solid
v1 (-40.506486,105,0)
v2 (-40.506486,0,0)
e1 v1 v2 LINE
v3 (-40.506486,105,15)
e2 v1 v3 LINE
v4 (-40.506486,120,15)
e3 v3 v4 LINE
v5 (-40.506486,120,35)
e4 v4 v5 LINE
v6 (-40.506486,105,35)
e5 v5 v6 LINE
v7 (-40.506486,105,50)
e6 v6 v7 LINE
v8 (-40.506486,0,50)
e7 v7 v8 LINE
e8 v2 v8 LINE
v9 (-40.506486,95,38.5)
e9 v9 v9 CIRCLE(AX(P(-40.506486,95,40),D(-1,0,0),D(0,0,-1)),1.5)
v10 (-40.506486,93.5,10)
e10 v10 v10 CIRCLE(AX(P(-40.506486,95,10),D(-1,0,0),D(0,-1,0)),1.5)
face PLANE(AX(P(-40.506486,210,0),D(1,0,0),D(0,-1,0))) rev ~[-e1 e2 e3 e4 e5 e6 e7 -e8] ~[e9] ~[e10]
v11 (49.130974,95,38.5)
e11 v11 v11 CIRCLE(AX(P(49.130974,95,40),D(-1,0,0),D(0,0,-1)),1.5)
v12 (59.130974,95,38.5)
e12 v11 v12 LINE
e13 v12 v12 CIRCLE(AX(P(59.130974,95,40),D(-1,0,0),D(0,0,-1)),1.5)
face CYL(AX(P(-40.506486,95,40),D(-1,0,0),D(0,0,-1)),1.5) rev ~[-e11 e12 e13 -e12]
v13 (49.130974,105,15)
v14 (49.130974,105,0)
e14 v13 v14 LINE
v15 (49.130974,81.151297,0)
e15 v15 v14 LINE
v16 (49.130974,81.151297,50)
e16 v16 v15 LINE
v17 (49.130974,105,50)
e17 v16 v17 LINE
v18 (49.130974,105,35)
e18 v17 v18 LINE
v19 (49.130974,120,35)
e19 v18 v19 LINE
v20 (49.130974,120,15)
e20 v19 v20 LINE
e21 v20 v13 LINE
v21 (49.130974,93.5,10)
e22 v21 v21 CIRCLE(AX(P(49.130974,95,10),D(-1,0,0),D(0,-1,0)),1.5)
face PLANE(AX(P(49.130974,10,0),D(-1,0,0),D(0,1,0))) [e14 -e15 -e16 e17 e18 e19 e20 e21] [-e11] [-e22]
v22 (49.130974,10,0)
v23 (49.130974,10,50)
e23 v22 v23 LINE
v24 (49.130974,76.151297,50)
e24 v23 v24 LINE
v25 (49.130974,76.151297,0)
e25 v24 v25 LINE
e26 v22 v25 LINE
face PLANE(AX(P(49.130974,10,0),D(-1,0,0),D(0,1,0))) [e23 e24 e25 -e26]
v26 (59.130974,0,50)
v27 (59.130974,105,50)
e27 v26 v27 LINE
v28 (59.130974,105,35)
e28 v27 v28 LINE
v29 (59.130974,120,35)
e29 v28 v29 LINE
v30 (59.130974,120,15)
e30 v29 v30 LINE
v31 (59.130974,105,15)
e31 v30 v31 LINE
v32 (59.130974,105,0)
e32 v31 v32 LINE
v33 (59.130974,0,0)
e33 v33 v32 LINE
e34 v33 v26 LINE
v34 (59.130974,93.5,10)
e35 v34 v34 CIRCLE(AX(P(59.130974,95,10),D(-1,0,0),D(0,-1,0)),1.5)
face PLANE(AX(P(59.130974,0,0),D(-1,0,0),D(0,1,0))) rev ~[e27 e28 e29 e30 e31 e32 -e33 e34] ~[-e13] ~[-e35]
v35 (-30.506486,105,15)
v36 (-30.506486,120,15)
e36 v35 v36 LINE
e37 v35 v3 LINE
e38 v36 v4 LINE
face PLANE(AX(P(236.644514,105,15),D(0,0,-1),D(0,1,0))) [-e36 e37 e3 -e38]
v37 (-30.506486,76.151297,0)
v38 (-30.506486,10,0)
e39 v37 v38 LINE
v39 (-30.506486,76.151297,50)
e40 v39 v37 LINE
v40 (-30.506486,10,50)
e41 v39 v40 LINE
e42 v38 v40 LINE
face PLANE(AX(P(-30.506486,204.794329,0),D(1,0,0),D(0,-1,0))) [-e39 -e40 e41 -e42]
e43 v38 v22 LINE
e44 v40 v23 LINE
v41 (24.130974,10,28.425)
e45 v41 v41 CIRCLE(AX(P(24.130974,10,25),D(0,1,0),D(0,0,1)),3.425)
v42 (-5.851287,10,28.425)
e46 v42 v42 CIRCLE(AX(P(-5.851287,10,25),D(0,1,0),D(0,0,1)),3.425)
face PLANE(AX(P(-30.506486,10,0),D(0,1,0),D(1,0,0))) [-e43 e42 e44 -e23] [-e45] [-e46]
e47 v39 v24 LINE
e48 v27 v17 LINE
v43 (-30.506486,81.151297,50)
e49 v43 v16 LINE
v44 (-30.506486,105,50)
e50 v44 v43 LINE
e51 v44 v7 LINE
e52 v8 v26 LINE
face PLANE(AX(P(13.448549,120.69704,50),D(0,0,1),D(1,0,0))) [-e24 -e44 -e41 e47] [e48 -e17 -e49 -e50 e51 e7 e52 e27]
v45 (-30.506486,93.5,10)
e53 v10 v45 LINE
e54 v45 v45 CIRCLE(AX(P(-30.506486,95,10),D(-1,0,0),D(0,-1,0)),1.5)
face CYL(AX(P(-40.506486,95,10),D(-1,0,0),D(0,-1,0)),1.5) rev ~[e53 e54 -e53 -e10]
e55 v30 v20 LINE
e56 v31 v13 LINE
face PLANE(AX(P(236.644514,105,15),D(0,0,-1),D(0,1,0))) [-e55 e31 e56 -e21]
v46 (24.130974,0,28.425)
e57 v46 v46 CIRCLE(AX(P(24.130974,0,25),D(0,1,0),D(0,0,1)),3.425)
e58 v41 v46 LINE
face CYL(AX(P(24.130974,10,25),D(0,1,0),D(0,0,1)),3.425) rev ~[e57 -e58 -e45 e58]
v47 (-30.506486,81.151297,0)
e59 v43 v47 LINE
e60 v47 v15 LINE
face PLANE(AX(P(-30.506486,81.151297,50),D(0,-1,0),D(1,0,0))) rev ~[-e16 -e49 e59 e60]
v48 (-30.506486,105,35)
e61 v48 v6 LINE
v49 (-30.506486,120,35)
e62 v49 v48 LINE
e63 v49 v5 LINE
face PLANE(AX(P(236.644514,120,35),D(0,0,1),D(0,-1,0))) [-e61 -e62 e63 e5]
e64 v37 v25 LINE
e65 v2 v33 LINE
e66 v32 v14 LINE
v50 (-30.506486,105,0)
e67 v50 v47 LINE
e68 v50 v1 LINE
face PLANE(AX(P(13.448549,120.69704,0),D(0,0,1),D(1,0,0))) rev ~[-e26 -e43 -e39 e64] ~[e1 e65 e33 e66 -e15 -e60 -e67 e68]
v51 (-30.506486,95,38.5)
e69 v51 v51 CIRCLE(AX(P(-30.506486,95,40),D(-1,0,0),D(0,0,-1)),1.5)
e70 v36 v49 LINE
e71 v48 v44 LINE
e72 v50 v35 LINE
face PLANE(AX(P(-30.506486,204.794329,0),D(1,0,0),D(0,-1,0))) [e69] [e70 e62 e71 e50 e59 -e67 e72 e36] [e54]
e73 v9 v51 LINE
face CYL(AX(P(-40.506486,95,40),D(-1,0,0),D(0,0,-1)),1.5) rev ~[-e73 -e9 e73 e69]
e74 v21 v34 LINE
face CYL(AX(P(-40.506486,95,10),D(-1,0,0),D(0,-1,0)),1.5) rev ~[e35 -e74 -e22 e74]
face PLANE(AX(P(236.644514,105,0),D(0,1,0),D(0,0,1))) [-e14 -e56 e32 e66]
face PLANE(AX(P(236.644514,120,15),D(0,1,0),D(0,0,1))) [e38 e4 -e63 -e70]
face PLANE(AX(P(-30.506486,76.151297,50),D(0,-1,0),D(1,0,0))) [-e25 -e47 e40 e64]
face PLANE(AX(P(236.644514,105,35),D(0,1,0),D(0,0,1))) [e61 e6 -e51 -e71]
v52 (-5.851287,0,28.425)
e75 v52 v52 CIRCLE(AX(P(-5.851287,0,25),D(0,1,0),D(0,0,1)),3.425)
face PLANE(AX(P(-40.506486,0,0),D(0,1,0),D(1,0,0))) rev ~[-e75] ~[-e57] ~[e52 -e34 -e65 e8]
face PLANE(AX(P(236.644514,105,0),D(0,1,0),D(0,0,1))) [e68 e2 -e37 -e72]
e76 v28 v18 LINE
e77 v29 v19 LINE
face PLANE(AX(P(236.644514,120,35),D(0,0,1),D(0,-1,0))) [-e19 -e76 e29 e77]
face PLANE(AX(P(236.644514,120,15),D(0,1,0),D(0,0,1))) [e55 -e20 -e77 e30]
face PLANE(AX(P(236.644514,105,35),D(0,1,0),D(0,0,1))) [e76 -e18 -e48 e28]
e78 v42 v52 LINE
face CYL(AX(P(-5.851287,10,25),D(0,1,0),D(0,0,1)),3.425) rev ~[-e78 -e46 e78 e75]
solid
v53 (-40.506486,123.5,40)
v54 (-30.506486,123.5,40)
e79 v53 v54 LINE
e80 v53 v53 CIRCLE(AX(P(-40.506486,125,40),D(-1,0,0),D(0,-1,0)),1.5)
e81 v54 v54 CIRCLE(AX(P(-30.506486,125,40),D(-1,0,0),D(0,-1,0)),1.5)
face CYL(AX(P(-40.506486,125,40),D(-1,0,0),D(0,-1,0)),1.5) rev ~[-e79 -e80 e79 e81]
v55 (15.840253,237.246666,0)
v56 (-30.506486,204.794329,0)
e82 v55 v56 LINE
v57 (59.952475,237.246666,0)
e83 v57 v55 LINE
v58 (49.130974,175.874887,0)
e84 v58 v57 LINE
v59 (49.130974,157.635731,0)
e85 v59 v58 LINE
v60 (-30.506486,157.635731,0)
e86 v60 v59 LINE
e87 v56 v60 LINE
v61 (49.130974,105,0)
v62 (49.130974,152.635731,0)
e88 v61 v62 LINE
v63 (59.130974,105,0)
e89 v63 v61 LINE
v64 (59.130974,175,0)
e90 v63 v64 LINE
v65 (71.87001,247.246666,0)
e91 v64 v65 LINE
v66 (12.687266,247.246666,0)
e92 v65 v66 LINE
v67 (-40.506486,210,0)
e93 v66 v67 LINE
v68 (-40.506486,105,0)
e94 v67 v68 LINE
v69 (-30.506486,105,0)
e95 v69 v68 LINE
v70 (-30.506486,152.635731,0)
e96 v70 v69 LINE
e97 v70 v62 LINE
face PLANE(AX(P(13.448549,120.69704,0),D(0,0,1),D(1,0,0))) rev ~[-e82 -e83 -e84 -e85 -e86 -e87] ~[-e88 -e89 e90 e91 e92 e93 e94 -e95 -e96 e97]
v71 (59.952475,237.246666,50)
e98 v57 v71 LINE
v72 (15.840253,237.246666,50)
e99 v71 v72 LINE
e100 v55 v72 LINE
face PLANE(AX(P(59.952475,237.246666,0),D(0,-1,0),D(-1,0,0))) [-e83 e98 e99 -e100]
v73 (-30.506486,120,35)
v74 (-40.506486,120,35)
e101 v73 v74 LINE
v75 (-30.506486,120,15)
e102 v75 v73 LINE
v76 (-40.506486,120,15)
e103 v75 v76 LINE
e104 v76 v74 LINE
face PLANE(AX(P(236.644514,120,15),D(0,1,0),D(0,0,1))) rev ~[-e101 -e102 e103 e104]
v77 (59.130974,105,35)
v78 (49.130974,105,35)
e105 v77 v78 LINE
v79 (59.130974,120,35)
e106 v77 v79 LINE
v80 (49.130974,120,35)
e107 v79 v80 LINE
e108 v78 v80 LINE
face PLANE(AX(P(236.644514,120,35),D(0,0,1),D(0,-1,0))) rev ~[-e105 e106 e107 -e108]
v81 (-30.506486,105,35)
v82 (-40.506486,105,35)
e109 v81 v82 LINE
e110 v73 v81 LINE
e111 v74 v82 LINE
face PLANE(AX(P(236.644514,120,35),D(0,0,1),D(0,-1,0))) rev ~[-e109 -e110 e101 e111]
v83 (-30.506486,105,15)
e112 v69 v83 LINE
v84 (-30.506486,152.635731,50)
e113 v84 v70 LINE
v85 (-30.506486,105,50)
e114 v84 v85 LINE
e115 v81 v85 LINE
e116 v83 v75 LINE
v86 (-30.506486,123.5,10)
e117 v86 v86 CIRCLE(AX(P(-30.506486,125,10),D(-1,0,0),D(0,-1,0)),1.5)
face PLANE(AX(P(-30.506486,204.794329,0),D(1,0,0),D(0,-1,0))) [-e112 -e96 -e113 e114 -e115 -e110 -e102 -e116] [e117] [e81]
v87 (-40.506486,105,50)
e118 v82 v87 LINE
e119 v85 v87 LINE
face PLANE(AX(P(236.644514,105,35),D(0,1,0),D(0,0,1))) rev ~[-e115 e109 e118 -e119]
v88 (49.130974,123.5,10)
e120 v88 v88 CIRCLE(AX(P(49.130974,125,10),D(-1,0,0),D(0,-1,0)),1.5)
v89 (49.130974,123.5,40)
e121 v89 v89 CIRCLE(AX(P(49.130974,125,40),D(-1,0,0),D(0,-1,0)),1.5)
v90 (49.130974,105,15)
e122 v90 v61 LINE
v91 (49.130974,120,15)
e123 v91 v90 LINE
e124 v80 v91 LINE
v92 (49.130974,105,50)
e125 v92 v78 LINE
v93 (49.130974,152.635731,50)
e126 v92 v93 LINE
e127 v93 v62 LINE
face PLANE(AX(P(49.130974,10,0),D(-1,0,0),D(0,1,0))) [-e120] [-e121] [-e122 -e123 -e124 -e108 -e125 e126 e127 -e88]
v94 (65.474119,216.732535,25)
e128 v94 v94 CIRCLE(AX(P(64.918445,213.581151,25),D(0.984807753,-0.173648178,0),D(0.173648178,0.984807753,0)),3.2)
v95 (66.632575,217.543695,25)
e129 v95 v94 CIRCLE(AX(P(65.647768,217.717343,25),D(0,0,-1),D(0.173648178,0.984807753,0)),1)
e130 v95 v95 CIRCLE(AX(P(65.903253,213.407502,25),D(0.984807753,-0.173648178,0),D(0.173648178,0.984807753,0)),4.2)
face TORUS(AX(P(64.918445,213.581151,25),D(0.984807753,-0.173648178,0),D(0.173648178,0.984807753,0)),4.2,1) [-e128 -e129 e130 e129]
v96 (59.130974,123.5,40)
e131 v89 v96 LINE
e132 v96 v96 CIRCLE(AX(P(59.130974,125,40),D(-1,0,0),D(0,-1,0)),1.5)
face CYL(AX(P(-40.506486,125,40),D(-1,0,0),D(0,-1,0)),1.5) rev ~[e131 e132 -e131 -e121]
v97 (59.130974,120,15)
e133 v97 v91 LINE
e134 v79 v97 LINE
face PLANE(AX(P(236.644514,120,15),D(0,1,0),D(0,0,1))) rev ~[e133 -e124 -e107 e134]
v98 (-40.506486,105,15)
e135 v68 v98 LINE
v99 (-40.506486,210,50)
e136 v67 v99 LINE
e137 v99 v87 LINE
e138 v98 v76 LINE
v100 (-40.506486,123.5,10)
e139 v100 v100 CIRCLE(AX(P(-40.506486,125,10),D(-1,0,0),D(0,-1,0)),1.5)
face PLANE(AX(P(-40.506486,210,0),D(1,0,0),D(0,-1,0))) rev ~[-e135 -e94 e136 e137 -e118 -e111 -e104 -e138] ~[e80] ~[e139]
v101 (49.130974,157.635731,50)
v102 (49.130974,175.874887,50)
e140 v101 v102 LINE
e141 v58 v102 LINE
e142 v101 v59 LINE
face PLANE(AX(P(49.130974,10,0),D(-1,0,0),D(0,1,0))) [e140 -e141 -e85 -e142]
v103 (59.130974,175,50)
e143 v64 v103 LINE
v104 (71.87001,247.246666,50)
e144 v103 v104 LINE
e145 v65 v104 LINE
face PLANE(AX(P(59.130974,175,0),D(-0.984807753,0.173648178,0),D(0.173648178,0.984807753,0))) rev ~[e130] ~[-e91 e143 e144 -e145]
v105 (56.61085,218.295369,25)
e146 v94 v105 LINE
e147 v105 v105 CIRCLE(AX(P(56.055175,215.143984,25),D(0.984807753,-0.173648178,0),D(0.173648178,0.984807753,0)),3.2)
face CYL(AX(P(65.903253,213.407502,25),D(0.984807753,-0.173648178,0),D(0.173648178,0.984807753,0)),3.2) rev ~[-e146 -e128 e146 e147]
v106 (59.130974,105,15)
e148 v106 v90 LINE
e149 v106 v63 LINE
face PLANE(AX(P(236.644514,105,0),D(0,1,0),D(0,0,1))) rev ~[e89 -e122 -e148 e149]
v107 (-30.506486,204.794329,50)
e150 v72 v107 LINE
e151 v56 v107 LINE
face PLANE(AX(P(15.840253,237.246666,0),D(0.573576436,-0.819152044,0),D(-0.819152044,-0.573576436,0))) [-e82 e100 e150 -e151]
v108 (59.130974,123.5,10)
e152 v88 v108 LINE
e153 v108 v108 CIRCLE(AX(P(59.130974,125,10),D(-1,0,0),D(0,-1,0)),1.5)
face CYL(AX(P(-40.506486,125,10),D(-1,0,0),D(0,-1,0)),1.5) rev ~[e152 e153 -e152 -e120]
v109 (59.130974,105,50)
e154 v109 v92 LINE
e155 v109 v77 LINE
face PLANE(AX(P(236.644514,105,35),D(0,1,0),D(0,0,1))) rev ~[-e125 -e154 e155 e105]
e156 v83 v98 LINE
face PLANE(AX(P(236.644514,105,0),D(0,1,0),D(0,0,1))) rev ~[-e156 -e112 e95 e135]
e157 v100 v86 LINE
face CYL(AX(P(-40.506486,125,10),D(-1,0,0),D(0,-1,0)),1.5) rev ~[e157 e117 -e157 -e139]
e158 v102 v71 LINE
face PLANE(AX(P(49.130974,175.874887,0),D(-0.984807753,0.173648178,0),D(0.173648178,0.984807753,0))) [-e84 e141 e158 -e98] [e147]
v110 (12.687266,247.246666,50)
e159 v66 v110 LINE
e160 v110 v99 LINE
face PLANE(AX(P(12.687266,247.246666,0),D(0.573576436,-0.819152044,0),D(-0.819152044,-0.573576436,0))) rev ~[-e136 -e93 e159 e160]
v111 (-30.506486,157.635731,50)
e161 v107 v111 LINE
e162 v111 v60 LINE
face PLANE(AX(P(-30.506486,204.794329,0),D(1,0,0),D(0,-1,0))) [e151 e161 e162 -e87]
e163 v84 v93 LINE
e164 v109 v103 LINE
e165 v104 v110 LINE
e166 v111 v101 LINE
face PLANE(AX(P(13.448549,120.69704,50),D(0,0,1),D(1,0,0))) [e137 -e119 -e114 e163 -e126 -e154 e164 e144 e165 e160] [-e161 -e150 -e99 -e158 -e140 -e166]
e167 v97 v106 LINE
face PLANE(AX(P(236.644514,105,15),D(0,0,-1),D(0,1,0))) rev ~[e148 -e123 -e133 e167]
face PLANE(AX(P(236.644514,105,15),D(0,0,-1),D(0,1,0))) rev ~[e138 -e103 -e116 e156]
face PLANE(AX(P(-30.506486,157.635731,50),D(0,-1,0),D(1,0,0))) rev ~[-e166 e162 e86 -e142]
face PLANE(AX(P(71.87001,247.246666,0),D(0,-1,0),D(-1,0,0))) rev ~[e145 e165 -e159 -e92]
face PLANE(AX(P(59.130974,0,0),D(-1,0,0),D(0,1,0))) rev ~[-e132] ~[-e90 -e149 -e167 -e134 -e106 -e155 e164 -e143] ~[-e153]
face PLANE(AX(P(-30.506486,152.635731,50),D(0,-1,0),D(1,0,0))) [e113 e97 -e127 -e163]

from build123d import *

# Parameters (mm, degrees)
BOSS_EXTRUDE1_DEPTH    = 50
SKETCH10_R             = 3.425
CUT_EXTRUDE5_DEPTH     = 10
SKETCH11_W             = 79.637459777
SKETCH11_H             = 5
BOSS_EXTRUDE3_DEPTH    = 50
SKETCH14_R             = 3.2
CUT_EXTRUDE6_DEPTH     = 10
FILLET1_R              = 1
SPLIT1_SURFACE_1_BACK  = 277.151
SPLIT1_SURFACE_1_DEPTH = 554.302
SPLIT1_SURFACE_2_BACK  = 277.151
SPLIT1_SURFACE_2_DEPTH = 554.302
SKETCH16_R             = 1.5
CUT_EXTRUDE7_DEPTH     = 99.637459777
CUT_EXTRUDE8_REACH     = 278.151
SKETCH17_R             = 1.5


with BuildPart() as part:
    # Sketch2 → Boss-Extrude1 (new body)
    with BuildSketch(Plane.XY):
        Polygon((-40.506485759, 0), (59.130974018, 0), (59.130974018, 175), (71.870010435, 247.246665631), (12.687265519, 247.246665631), (-40.506485759, 210), align=None)
        Polygon((49.130974018, 175.874886635), (59.952474509, 237.246665631), (15.840253408, 237.246665631), (-30.506485759, 204.794329494), (-30.506485759, 10), (49.130974018, 10), align=None, mode=Mode.SUBTRACT)
    extrude(amount=BOSS_EXTRUDE1_DEPTH)

    # Sketch10 → Cut-Extrude5 (cut)
    with BuildSketch(Plane(origin=(0, 10, 0), x_dir=(1, 0, 0), z_dir=(0, 1, 0))):
        with Locations(Location((-5.851287133, -25, 0), (0, 0, 270))):
            Circle(SKETCH10_R)
        with Locations(Location((24.130974018, -25, 0), (0, 0, 270))):
            Circle(SKETCH10_R)
    extrude(amount=-CUT_EXTRUDE5_DEPTH, mode=Mode.SUBTRACT)

    # Sketch11 → Boss-Extrude3 (add)
    with BuildSketch(Plane.XY.offset(50)):
        with Locations((9.31224413, 155.135730726)):
            Rectangle(SKETCH11_W, SKETCH11_H)
        with Locations((9.31224413, 78.651297101)):
            Rectangle(SKETCH11_W, SKETCH11_H)
    extrude(amount=-BOSS_EXTRUDE3_DEPTH)

    # Sketch14 → Cut-Extrude6 (cut)
    with BuildSketch(Plane(origin=(27.42119444, -4.835096423, 0), x_dir=(0, 0, -1), z_dir=(0.9848077530122082, -0.17364817766693028, 0))):
        with Locations(Location((-25, 221.609342659, 0), (0, 0, 90))):
            Circle(SKETCH14_R)
    extrude(amount=-CUT_EXTRUDE6_DEPTH, mode=Mode.SUBTRACT)

    # Fillet1
    fillet1_edges = [part.edges().sort_by_distance(p)[0] for p in [
        (65.347578778, 210.256117558, 25),
    ]]
    fillet(fillet1_edges, radius=FILLET1_R)


with BuildPart() as body_2:
    # Split1: the piece behind the surface
    add(part.part)
    # Split1 surface: a surface, the sketch's curves swept straight by 554.302 mm
    with BuildLine(Plane.ZY.offset(40.506485759).offset(-SPLIT1_SURFACE_1_BACK), mode=Mode.PRIVATE) as split1_surface_1_path:
        Line((0, 105), (15, 105))
        Line((15, 105), (15, 120))
        Line((15, 120), (35, 120))
        Line((35, 120), (35, 105))
        Line((35, 105), (50, 105))
    split1_surface_1 = Shell.extrude(split1_surface_1_path.wire(), (-1 * SPLIT1_SURFACE_1_DEPTH, 0 * SPLIT1_SURFACE_1_DEPTH, 0 * SPLIT1_SURFACE_1_DEPTH))
    split(bisect_by=split1_surface_1, keep=Keep.BOTTOM)

    # Sketch16 → Cut-Extrude7 (cut)
    with BuildSketch(Plane.ZY.offset(40.506485759)):
        with Locations(Location((10, 95, 0), (0, 0, 270))):
            Circle(SKETCH16_R)
        with Locations(Location((40, 95, 0), (0, 0, 180))):
            Circle(SKETCH16_R)
    extrude(amount=-CUT_EXTRUDE7_DEPTH, mode=Mode.SUBTRACT)


with BuildPart() as part_1:
    add(part.part)

    # Split1: split by a surface, the side it looks to stays
    # Split1 surface: a surface, the sketch's curves swept straight by 554.302 mm
    with BuildLine(Plane.ZY.offset(40.506485759).offset(-SPLIT1_SURFACE_2_BACK), mode=Mode.PRIVATE) as split1_surface_2_path:
        Line((0, 105), (15, 105))
        Line((15, 105), (15, 120))
        Line((15, 120), (35, 120))
        Line((35, 120), (35, 105))
        Line((35, 105), (50, 105))
    split1_surface_2 = Shell.extrude(split1_surface_2_path.wire(), (-1 * SPLIT1_SURFACE_2_DEPTH, 0 * SPLIT1_SURFACE_2_DEPTH, 0 * SPLIT1_SURFACE_2_DEPTH))
    split(bisect_by=split1_surface_2, keep=Keep.TOP)

    # Cut-Extrude8: up to this face of the body (flat: up to its plane)
    cut_extrude8_end = Plane(part_1.part.faces().sort_by_distance((59.130974018, 142.578125, 25))[0])
    # Sketch17 → Cut-Extrude8 (cut, up to the picked face)
    with BuildSketch(Plane.ZY.offset(40.506485759), mode=Mode.PRIVATE) as cut_extrude8_sk1:
        with Locations(Location((40, 125, 0), (0, 0, 270))):
            Circle(SKETCH17_R)
    cut_extrude8_tool1 = split(extrude(cut_extrude8_sk1.sketch, amount=-CUT_EXTRUDE8_REACH, mode=Mode.PRIVATE), bisect_by=cut_extrude8_end, keep=Keep.BOTH, mode=Mode.PRIVATE)
    # Sketch17 → Cut-Extrude8 (cut, up to the picked face)
    with BuildSketch(Plane.ZY.offset(40.506485759), mode=Mode.PRIVATE) as cut_extrude8_sk2:
        with Locations(Location((10, 125, 0), (0, 0, 270))):
            Circle(SKETCH17_R)
    cut_extrude8_tool2 = split(extrude(cut_extrude8_sk2.sketch, amount=-CUT_EXTRUDE8_REACH, mode=Mode.PRIVATE), bisect_by=cut_extrude8_end, keep=Keep.BOTH, mode=Mode.PRIVATE)
    add(cut_extrude8_tool1.solids().sort_by(Axis((-40.506486, 125, 40), (1, 0, 0)))[0], mode=Mode.SUBTRACT)
    add(cut_extrude8_tool2.solids().sort_by(Axis((-40.506486, 125, 10), (1, 0, 0)))[0], mode=Mode.SUBTRACT)


solid = Compound([body_2.part, part_1.part])
